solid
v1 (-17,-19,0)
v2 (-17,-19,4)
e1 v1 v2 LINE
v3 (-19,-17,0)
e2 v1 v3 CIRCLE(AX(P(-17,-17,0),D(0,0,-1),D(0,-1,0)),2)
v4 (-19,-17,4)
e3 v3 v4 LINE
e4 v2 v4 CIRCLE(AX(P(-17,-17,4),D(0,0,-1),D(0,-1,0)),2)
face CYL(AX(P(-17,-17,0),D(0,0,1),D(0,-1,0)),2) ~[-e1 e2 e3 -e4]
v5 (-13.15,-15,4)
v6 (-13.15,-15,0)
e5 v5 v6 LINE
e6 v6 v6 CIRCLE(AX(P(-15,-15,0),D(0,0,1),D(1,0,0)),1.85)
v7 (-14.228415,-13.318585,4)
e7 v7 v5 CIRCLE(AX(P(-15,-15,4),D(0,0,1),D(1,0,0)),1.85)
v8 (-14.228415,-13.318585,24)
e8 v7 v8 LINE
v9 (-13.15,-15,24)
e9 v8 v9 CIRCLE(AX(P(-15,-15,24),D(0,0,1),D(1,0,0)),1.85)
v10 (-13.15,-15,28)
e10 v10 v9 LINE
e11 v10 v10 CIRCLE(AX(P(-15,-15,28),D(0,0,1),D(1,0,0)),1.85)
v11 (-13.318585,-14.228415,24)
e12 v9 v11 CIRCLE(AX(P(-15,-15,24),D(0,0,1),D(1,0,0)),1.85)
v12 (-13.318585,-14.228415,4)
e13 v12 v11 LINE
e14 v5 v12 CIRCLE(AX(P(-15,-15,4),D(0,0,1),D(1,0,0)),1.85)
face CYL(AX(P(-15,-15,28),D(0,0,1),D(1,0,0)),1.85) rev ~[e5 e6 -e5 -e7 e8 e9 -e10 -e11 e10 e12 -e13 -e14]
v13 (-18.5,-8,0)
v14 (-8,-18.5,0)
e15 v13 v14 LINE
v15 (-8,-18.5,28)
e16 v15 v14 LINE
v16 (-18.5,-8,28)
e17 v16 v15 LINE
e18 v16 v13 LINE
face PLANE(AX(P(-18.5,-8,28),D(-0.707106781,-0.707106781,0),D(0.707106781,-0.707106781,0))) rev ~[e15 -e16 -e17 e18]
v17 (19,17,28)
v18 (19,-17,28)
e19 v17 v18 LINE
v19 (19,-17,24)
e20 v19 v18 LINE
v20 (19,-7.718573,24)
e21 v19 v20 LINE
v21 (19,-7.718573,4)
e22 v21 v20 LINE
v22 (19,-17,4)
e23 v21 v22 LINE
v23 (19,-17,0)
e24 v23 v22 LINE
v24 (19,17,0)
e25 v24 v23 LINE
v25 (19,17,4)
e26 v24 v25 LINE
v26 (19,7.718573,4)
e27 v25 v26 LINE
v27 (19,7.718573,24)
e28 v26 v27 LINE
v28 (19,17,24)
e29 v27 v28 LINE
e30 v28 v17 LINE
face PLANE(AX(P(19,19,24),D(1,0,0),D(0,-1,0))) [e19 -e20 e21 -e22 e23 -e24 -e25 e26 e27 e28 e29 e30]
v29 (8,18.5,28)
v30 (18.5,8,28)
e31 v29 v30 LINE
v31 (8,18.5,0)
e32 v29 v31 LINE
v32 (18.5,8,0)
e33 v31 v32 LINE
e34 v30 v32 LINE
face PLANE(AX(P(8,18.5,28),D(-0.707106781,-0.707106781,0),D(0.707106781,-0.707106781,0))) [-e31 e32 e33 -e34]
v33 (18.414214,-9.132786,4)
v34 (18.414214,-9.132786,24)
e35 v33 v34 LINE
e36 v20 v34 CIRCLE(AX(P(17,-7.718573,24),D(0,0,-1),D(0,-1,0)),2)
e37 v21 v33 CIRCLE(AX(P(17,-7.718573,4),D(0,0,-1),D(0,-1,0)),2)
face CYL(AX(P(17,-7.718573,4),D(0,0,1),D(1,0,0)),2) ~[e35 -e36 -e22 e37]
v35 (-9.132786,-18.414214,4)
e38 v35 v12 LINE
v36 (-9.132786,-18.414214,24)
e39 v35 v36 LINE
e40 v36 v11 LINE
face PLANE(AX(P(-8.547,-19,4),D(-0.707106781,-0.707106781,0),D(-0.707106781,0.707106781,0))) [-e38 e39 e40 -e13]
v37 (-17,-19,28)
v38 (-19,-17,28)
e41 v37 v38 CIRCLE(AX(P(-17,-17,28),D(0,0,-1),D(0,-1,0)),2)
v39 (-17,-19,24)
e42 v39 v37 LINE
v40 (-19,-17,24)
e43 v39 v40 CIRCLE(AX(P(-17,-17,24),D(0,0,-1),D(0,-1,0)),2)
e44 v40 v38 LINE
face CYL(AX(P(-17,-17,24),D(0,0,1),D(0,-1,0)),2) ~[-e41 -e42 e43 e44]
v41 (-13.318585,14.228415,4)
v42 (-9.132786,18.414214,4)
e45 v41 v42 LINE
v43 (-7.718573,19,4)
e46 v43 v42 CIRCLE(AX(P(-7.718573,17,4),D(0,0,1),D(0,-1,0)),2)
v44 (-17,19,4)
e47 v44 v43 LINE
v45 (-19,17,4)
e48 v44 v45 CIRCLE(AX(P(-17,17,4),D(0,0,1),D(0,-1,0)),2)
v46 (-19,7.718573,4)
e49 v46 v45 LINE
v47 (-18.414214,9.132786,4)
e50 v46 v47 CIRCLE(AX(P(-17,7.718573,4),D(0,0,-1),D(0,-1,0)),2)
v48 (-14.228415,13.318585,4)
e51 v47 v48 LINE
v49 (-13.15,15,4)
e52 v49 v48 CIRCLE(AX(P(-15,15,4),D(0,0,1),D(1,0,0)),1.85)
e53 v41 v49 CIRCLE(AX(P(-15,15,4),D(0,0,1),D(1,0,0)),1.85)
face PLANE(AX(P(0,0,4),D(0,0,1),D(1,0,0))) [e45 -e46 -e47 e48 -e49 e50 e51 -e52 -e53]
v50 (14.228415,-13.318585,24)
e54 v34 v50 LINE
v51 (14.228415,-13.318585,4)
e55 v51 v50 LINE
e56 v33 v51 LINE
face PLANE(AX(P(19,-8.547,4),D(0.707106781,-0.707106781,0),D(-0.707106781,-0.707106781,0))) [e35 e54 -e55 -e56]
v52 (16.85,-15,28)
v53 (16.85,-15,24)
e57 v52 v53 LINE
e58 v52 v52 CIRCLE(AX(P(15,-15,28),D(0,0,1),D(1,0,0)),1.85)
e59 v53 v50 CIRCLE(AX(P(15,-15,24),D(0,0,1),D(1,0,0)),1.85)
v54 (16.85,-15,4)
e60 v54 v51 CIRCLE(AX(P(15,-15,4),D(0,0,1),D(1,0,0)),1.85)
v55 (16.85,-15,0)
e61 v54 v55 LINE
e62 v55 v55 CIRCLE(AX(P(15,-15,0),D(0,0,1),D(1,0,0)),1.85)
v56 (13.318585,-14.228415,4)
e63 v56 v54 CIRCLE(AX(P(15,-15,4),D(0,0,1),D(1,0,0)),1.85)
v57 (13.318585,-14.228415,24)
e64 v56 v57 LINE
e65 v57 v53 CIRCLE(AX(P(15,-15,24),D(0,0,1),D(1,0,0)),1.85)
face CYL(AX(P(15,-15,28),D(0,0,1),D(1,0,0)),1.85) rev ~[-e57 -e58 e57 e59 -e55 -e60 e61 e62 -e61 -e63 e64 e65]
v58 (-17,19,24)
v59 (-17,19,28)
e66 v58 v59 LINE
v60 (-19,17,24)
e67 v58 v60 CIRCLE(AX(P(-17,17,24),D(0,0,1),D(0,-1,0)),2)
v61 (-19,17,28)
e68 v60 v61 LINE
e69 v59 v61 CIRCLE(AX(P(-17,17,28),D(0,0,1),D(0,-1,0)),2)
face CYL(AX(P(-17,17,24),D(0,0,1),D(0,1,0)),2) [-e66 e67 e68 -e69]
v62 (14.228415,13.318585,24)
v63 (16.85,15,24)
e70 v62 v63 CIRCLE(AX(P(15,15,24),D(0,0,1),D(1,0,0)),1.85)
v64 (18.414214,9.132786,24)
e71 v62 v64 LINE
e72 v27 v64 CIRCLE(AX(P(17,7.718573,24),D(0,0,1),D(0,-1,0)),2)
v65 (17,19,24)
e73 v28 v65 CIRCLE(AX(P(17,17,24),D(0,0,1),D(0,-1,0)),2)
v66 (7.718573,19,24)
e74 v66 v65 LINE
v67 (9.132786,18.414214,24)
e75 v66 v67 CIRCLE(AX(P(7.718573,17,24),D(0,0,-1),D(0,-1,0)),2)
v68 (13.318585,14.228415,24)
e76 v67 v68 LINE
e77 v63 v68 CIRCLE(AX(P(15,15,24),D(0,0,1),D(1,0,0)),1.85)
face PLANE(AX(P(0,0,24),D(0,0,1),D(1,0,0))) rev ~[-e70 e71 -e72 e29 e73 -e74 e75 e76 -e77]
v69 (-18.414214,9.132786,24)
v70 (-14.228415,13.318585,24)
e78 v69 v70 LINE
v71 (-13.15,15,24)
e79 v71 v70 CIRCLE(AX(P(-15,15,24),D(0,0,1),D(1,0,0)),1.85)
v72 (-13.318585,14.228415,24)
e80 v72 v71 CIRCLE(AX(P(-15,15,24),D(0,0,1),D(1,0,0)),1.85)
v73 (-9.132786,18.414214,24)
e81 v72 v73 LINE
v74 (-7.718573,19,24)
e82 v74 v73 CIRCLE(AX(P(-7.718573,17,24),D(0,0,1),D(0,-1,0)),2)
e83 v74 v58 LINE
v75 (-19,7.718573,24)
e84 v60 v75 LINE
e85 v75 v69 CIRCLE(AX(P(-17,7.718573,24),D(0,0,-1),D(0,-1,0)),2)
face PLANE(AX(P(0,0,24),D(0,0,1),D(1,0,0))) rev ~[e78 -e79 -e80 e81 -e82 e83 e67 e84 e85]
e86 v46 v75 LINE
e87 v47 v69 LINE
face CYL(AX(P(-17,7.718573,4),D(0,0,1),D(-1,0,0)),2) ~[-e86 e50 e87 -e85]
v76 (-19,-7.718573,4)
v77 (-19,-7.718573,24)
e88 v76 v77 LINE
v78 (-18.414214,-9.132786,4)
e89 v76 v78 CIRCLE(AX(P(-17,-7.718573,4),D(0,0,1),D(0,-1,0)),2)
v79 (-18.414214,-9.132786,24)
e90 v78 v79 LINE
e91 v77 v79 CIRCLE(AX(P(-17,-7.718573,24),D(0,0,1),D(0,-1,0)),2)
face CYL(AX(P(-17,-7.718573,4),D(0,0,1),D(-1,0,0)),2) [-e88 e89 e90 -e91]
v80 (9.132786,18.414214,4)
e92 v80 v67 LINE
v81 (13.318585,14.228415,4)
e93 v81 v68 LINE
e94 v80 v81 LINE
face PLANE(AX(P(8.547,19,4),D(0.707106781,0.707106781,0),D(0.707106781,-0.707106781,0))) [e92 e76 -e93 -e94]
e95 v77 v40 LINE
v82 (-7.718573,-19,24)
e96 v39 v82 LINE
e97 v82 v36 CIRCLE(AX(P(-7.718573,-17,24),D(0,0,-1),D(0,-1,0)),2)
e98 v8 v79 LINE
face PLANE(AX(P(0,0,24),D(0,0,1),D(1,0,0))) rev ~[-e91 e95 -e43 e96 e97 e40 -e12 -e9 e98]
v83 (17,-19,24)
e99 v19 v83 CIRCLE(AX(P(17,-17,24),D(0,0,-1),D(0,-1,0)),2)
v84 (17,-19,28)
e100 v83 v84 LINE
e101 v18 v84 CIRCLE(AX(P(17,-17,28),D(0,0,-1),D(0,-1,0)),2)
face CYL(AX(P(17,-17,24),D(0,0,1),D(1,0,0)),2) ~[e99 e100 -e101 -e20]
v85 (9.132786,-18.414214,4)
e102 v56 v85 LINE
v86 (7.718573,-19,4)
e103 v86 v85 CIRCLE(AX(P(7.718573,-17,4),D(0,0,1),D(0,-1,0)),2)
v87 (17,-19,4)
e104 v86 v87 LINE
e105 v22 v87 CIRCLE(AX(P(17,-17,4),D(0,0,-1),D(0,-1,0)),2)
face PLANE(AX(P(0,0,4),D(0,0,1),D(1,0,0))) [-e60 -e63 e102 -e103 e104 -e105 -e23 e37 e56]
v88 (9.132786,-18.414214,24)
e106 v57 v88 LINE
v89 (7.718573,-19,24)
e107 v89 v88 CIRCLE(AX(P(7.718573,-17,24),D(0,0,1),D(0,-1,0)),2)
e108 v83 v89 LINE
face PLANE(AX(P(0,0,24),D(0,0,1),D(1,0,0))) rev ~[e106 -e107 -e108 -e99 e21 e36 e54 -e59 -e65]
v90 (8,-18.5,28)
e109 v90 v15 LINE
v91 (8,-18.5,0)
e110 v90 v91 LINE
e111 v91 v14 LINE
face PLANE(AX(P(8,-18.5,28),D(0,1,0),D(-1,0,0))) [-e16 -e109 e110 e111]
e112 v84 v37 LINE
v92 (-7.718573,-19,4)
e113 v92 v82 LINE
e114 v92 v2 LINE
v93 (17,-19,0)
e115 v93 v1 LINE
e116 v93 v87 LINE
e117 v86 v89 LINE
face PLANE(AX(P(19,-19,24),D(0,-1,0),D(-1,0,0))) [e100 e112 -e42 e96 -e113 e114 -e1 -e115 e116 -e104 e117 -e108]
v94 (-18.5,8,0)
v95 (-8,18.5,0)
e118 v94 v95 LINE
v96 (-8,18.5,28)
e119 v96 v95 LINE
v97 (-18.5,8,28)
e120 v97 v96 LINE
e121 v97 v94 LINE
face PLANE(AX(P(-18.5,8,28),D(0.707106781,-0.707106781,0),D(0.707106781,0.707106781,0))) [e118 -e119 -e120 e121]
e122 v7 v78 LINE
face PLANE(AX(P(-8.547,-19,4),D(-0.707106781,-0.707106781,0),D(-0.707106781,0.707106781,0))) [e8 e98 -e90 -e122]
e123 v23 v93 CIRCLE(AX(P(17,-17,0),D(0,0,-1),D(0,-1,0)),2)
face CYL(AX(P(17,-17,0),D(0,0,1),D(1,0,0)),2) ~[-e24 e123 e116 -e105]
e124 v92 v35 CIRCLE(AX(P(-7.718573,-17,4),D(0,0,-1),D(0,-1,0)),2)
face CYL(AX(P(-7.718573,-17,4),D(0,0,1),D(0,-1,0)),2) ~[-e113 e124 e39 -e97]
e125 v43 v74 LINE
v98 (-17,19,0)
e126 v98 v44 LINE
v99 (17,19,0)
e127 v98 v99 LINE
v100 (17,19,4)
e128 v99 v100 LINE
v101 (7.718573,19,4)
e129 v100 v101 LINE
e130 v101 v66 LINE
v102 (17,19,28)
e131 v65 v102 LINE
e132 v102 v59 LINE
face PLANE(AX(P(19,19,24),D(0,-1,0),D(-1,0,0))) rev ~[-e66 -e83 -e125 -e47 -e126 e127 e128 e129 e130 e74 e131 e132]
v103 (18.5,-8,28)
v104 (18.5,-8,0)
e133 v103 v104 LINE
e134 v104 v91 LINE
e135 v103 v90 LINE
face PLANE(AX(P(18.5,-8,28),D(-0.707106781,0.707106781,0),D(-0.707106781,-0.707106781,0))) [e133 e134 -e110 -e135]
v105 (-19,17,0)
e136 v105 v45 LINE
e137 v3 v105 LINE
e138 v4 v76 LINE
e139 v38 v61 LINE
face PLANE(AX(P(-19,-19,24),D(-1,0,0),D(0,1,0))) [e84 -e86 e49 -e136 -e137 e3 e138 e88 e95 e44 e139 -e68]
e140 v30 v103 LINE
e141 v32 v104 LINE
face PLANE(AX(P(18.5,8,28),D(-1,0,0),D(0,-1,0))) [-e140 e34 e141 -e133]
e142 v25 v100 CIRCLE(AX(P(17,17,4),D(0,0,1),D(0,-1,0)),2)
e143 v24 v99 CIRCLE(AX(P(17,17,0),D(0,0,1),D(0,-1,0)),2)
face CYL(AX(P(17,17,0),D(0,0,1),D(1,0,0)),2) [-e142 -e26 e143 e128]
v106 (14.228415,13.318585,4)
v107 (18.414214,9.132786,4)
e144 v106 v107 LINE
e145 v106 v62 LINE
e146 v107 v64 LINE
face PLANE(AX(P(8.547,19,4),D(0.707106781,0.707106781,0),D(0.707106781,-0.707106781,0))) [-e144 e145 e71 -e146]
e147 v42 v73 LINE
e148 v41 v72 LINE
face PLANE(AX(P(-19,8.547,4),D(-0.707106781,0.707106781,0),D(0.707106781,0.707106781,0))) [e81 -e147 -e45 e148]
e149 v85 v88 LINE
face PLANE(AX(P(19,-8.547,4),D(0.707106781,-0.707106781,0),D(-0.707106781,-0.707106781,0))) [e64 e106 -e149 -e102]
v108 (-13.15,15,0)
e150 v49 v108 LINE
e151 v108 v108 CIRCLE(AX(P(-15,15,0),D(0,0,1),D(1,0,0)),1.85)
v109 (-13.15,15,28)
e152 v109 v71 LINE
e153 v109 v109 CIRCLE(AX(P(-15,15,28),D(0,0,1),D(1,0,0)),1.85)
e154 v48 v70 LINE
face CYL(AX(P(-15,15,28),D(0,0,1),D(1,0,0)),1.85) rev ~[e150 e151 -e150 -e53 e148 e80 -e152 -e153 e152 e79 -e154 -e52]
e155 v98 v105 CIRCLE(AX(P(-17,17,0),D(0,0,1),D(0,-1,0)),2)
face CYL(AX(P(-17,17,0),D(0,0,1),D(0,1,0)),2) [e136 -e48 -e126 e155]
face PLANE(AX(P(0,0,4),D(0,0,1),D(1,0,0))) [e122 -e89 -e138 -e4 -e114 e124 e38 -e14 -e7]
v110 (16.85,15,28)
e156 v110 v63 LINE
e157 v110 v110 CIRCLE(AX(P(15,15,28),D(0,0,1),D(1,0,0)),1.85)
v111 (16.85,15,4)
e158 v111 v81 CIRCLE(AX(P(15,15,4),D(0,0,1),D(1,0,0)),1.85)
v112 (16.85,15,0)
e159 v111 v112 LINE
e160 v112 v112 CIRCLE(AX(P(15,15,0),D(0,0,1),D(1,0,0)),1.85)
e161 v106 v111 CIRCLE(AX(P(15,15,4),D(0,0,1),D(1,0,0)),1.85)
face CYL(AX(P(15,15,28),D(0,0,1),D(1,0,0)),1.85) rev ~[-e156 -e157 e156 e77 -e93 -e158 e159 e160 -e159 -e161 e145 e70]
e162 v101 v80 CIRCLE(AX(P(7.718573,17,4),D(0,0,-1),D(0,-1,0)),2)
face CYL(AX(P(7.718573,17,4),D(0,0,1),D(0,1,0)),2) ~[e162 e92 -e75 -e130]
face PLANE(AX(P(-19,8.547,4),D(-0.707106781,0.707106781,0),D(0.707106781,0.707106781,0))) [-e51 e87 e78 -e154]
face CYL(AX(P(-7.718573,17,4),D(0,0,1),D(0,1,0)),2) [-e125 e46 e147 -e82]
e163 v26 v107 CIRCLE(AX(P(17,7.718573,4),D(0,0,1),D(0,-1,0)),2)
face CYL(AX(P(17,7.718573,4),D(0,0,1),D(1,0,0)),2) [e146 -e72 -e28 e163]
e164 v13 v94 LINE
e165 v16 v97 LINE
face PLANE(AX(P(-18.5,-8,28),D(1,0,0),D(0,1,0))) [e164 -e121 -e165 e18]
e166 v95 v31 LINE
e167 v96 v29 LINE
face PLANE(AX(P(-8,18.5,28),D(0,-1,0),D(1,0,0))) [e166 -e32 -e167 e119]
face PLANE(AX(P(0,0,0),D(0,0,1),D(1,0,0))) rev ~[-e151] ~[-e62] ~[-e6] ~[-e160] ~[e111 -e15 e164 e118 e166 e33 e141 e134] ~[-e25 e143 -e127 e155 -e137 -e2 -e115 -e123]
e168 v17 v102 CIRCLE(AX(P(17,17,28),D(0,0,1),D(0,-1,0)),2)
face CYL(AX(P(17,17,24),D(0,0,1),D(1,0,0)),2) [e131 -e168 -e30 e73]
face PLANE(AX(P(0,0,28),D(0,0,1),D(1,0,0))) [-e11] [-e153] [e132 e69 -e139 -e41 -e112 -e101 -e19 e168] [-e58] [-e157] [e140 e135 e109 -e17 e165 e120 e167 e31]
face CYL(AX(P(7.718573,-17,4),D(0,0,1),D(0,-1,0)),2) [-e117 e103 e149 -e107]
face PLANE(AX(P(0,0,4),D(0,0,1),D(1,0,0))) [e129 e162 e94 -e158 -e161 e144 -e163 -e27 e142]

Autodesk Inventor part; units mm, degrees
ref_plane "YZ Plane" through (0, 0, 0) normal (1, 0, 0) x (0, 1, 0)
ref_plane "XZ Plane" through (0, 0, 0) normal (0, 1, 0) x (-1, 0, 0)
ref_plane "XY Plane" through (0, 0, 0) normal (0, 0, 1) x (1, 0, 0)
sketch "Sketch1" plane through (0, 0, 0) normal (0, 0, 1) x (1, 0, 0)
  line L0 (19, -19) -> (-19, -19)
  line L1 (-19, -19) -> (-19, 19)
  line L2 (-19, 19) -> (19, 19)
  line L3 (19, 19) -> (19, -19)
  line L4 (19, -19) -> (-19, 19) construction
  line L5 (-19, -19) -> (19, 19) construction
  point P0 (0, 0)
  dimension "d0" = 38
  dimension "d1" = 38
extrude "Extrusion1" add sketch "Sketch1" along normal blind 4
sketch "Sketch2" plane through (0, 0, 4) normal (0, 0, 1) x (1, 0, 0)
  line L0 (19, 19) -> (-19, 19) projected
  line L1 (-19, 19) -> (-19, -19) projected
  line L2 (8.547, -19) -> (-8.547, -19)
  line L3 (-19, -8.547) -> (-19, 8.547)
  line L4 (-8.547, 19) -> (8.547, 19)
  line L5 (19, 8.547) -> (19, -8.547)
  line L6 (19, -19) -> (-19, 19) construction
  line L7 (-19, -19) -> (19, 19) construction
  line L8 (19, 6.0309) -> (19, -12.9361)
  line L9 (-19, 8.547) -> (-8.547, 19)
  line L10 (8.547, 19) -> (19, 8.547)
  line L11 (19, -8.547) -> (8.547, -19)
  line L12 (-8.547, -19) -> (-19, -8.547)
  point P0 (0, 0)
  dimension "d16" = 38
  dimension "d17" = 38
  dimension "d18" = 10.453
  dimension "d19" = 10.453
  dimension "d20" = 10.453
  dimension "d21" = 10.453
  dimension "d22" = 10.453
  dimension "d23" = 10.453
  dimension "d24" = 10.453
  dimension "d25" = 10.453
extrude "Extrusion2" add sketch "Sketch2" along normal blind 20 contours L10 L5 L11 L2 L12 L1 L9 L0
sketch "Sketch3" plane through (0, 0, 24) normal (0, 0, 1) x (1, 0, 0)
  line L0 (19, 19) -> (-19, 19) projected
  line L1 (19, -19) -> (-19, -19)
  line L2 (-19, -19) -> (-19, 19)
  line L3 (-19, 19) -> (19, 19)
  line L4 (19, 19) -> (19, -19)
  line L5 (19, -19) -> (-19, 19) construction
  line L6 (-19, -19) -> (19, 19) construction
  point P0 (0, 0)
extrude "Extrusion3" add sketch "Sketch3" along normal blind 4
sketch "Sketch5" plane through (0, 0, 28) normal (0, 0, 1) x (1, 0, 0)
  line L0 (8, -18.5) -> (-8, -18.5)
  line L1 (-18.5, -8) -> (-18.5, 8)
  line L2 (-8, 18.5) -> (8, 18.5)
  line L3 (18.5, 8) -> (18.5, -8)
  line L4 (18.5, -18.5) -> (-18.5, 18.5) construction
  line L5 (-18.5, -18.5) -> (18.5, 18.5) construction
  line L6 (-18.5, 8) -> (-8, 18.5)
  line L7 (8, 18.5) -> (18.5, 8)
  line L8 (18.5, -8) -> (8, -18.5)
  line L9 (-18.5, -8) -> (-8, -18.5)
  point P0 (0, 0)
  dimension "d27" = 37
  dimension "d28" = 37
  dimension "d29" = 10.5
  dimension "d30" = 10.5
  dimension "d31" = 10.5
  dimension "d32" = 10.5
  dimension "d33" = 10.5
  dimension "d34" = 10.5
  dimension "d35" = 10.5
  dimension "d36" = 10.5
extrude "Extrusion5" cut sketch "Sketch5" against normal blind 28
fillet "Fillet2" radius 2 16 edges at (19, 19, 26) (19, 19, 2) (-19, 19, 26) (-19, 19, 2) (-19, -19, 26) (-19, -19, 2) (19, -19, 26) (19, -19, 2) (19, -8.547, 14) (8.547, -19, 14) (-8.547, -19, 14) (-19, -8.547, 14) (-19, 8.547, 14) (-8.547, 19, 14) (8.547, 19, 14) (19, 8.547, 14)
sketch "Sketch6" plane through (0, 0, 28) normal (0, 0, 1) x (1, 0, 0)
  line L0 (-15, -15) -> (15, -15) construction
  line L1 (15, -15) -> (15, 15) construction
  line L2 (15, 15) -> (-15, 15) construction
  line L3 (-15, 15) -> (-15, -15) construction
  line L4 (-15, -15) -> (15, 15) construction
  line L5 (15, -15) -> (-15, 15) construction
  circle A0 centre (15, 15) radius 1.85
  circle A1 centre (15, -15) radius 1.85
  circle A2 centre (-15, -15) radius 1.85
  circle A3 centre (-15, 15) radius 1.85
  point P0 (0, 0)
  dimension "d40" = 30
  dimension "d41" = 30
  dimension "d42" = 3.7
  dimension "d43" = 3.7
  dimension "d44" = 3.7
  dimension "d45" = 3.7
extrude "Extrusion6" cut sketch "Sketch6" against normal blind 28
equation "\"d19\" = d18"
equation "\"d20\" = d18"
equation "\"d21\" = d20"
equation "\"d22\" = d18"
equation "\"d23\" = d22"
equation "\"d24\" = d18"
equation "\"d25\" = d24"
equation "\"d30\" = d29"
equation "\"d31\" = d29"
equation "\"d32\" = d31"
equation "\"d33\" = d29"
equation "\"d34\" = d33"
equation "\"d35\" = d29"
equation "\"d36\" = d35"
properties part number "fan"
